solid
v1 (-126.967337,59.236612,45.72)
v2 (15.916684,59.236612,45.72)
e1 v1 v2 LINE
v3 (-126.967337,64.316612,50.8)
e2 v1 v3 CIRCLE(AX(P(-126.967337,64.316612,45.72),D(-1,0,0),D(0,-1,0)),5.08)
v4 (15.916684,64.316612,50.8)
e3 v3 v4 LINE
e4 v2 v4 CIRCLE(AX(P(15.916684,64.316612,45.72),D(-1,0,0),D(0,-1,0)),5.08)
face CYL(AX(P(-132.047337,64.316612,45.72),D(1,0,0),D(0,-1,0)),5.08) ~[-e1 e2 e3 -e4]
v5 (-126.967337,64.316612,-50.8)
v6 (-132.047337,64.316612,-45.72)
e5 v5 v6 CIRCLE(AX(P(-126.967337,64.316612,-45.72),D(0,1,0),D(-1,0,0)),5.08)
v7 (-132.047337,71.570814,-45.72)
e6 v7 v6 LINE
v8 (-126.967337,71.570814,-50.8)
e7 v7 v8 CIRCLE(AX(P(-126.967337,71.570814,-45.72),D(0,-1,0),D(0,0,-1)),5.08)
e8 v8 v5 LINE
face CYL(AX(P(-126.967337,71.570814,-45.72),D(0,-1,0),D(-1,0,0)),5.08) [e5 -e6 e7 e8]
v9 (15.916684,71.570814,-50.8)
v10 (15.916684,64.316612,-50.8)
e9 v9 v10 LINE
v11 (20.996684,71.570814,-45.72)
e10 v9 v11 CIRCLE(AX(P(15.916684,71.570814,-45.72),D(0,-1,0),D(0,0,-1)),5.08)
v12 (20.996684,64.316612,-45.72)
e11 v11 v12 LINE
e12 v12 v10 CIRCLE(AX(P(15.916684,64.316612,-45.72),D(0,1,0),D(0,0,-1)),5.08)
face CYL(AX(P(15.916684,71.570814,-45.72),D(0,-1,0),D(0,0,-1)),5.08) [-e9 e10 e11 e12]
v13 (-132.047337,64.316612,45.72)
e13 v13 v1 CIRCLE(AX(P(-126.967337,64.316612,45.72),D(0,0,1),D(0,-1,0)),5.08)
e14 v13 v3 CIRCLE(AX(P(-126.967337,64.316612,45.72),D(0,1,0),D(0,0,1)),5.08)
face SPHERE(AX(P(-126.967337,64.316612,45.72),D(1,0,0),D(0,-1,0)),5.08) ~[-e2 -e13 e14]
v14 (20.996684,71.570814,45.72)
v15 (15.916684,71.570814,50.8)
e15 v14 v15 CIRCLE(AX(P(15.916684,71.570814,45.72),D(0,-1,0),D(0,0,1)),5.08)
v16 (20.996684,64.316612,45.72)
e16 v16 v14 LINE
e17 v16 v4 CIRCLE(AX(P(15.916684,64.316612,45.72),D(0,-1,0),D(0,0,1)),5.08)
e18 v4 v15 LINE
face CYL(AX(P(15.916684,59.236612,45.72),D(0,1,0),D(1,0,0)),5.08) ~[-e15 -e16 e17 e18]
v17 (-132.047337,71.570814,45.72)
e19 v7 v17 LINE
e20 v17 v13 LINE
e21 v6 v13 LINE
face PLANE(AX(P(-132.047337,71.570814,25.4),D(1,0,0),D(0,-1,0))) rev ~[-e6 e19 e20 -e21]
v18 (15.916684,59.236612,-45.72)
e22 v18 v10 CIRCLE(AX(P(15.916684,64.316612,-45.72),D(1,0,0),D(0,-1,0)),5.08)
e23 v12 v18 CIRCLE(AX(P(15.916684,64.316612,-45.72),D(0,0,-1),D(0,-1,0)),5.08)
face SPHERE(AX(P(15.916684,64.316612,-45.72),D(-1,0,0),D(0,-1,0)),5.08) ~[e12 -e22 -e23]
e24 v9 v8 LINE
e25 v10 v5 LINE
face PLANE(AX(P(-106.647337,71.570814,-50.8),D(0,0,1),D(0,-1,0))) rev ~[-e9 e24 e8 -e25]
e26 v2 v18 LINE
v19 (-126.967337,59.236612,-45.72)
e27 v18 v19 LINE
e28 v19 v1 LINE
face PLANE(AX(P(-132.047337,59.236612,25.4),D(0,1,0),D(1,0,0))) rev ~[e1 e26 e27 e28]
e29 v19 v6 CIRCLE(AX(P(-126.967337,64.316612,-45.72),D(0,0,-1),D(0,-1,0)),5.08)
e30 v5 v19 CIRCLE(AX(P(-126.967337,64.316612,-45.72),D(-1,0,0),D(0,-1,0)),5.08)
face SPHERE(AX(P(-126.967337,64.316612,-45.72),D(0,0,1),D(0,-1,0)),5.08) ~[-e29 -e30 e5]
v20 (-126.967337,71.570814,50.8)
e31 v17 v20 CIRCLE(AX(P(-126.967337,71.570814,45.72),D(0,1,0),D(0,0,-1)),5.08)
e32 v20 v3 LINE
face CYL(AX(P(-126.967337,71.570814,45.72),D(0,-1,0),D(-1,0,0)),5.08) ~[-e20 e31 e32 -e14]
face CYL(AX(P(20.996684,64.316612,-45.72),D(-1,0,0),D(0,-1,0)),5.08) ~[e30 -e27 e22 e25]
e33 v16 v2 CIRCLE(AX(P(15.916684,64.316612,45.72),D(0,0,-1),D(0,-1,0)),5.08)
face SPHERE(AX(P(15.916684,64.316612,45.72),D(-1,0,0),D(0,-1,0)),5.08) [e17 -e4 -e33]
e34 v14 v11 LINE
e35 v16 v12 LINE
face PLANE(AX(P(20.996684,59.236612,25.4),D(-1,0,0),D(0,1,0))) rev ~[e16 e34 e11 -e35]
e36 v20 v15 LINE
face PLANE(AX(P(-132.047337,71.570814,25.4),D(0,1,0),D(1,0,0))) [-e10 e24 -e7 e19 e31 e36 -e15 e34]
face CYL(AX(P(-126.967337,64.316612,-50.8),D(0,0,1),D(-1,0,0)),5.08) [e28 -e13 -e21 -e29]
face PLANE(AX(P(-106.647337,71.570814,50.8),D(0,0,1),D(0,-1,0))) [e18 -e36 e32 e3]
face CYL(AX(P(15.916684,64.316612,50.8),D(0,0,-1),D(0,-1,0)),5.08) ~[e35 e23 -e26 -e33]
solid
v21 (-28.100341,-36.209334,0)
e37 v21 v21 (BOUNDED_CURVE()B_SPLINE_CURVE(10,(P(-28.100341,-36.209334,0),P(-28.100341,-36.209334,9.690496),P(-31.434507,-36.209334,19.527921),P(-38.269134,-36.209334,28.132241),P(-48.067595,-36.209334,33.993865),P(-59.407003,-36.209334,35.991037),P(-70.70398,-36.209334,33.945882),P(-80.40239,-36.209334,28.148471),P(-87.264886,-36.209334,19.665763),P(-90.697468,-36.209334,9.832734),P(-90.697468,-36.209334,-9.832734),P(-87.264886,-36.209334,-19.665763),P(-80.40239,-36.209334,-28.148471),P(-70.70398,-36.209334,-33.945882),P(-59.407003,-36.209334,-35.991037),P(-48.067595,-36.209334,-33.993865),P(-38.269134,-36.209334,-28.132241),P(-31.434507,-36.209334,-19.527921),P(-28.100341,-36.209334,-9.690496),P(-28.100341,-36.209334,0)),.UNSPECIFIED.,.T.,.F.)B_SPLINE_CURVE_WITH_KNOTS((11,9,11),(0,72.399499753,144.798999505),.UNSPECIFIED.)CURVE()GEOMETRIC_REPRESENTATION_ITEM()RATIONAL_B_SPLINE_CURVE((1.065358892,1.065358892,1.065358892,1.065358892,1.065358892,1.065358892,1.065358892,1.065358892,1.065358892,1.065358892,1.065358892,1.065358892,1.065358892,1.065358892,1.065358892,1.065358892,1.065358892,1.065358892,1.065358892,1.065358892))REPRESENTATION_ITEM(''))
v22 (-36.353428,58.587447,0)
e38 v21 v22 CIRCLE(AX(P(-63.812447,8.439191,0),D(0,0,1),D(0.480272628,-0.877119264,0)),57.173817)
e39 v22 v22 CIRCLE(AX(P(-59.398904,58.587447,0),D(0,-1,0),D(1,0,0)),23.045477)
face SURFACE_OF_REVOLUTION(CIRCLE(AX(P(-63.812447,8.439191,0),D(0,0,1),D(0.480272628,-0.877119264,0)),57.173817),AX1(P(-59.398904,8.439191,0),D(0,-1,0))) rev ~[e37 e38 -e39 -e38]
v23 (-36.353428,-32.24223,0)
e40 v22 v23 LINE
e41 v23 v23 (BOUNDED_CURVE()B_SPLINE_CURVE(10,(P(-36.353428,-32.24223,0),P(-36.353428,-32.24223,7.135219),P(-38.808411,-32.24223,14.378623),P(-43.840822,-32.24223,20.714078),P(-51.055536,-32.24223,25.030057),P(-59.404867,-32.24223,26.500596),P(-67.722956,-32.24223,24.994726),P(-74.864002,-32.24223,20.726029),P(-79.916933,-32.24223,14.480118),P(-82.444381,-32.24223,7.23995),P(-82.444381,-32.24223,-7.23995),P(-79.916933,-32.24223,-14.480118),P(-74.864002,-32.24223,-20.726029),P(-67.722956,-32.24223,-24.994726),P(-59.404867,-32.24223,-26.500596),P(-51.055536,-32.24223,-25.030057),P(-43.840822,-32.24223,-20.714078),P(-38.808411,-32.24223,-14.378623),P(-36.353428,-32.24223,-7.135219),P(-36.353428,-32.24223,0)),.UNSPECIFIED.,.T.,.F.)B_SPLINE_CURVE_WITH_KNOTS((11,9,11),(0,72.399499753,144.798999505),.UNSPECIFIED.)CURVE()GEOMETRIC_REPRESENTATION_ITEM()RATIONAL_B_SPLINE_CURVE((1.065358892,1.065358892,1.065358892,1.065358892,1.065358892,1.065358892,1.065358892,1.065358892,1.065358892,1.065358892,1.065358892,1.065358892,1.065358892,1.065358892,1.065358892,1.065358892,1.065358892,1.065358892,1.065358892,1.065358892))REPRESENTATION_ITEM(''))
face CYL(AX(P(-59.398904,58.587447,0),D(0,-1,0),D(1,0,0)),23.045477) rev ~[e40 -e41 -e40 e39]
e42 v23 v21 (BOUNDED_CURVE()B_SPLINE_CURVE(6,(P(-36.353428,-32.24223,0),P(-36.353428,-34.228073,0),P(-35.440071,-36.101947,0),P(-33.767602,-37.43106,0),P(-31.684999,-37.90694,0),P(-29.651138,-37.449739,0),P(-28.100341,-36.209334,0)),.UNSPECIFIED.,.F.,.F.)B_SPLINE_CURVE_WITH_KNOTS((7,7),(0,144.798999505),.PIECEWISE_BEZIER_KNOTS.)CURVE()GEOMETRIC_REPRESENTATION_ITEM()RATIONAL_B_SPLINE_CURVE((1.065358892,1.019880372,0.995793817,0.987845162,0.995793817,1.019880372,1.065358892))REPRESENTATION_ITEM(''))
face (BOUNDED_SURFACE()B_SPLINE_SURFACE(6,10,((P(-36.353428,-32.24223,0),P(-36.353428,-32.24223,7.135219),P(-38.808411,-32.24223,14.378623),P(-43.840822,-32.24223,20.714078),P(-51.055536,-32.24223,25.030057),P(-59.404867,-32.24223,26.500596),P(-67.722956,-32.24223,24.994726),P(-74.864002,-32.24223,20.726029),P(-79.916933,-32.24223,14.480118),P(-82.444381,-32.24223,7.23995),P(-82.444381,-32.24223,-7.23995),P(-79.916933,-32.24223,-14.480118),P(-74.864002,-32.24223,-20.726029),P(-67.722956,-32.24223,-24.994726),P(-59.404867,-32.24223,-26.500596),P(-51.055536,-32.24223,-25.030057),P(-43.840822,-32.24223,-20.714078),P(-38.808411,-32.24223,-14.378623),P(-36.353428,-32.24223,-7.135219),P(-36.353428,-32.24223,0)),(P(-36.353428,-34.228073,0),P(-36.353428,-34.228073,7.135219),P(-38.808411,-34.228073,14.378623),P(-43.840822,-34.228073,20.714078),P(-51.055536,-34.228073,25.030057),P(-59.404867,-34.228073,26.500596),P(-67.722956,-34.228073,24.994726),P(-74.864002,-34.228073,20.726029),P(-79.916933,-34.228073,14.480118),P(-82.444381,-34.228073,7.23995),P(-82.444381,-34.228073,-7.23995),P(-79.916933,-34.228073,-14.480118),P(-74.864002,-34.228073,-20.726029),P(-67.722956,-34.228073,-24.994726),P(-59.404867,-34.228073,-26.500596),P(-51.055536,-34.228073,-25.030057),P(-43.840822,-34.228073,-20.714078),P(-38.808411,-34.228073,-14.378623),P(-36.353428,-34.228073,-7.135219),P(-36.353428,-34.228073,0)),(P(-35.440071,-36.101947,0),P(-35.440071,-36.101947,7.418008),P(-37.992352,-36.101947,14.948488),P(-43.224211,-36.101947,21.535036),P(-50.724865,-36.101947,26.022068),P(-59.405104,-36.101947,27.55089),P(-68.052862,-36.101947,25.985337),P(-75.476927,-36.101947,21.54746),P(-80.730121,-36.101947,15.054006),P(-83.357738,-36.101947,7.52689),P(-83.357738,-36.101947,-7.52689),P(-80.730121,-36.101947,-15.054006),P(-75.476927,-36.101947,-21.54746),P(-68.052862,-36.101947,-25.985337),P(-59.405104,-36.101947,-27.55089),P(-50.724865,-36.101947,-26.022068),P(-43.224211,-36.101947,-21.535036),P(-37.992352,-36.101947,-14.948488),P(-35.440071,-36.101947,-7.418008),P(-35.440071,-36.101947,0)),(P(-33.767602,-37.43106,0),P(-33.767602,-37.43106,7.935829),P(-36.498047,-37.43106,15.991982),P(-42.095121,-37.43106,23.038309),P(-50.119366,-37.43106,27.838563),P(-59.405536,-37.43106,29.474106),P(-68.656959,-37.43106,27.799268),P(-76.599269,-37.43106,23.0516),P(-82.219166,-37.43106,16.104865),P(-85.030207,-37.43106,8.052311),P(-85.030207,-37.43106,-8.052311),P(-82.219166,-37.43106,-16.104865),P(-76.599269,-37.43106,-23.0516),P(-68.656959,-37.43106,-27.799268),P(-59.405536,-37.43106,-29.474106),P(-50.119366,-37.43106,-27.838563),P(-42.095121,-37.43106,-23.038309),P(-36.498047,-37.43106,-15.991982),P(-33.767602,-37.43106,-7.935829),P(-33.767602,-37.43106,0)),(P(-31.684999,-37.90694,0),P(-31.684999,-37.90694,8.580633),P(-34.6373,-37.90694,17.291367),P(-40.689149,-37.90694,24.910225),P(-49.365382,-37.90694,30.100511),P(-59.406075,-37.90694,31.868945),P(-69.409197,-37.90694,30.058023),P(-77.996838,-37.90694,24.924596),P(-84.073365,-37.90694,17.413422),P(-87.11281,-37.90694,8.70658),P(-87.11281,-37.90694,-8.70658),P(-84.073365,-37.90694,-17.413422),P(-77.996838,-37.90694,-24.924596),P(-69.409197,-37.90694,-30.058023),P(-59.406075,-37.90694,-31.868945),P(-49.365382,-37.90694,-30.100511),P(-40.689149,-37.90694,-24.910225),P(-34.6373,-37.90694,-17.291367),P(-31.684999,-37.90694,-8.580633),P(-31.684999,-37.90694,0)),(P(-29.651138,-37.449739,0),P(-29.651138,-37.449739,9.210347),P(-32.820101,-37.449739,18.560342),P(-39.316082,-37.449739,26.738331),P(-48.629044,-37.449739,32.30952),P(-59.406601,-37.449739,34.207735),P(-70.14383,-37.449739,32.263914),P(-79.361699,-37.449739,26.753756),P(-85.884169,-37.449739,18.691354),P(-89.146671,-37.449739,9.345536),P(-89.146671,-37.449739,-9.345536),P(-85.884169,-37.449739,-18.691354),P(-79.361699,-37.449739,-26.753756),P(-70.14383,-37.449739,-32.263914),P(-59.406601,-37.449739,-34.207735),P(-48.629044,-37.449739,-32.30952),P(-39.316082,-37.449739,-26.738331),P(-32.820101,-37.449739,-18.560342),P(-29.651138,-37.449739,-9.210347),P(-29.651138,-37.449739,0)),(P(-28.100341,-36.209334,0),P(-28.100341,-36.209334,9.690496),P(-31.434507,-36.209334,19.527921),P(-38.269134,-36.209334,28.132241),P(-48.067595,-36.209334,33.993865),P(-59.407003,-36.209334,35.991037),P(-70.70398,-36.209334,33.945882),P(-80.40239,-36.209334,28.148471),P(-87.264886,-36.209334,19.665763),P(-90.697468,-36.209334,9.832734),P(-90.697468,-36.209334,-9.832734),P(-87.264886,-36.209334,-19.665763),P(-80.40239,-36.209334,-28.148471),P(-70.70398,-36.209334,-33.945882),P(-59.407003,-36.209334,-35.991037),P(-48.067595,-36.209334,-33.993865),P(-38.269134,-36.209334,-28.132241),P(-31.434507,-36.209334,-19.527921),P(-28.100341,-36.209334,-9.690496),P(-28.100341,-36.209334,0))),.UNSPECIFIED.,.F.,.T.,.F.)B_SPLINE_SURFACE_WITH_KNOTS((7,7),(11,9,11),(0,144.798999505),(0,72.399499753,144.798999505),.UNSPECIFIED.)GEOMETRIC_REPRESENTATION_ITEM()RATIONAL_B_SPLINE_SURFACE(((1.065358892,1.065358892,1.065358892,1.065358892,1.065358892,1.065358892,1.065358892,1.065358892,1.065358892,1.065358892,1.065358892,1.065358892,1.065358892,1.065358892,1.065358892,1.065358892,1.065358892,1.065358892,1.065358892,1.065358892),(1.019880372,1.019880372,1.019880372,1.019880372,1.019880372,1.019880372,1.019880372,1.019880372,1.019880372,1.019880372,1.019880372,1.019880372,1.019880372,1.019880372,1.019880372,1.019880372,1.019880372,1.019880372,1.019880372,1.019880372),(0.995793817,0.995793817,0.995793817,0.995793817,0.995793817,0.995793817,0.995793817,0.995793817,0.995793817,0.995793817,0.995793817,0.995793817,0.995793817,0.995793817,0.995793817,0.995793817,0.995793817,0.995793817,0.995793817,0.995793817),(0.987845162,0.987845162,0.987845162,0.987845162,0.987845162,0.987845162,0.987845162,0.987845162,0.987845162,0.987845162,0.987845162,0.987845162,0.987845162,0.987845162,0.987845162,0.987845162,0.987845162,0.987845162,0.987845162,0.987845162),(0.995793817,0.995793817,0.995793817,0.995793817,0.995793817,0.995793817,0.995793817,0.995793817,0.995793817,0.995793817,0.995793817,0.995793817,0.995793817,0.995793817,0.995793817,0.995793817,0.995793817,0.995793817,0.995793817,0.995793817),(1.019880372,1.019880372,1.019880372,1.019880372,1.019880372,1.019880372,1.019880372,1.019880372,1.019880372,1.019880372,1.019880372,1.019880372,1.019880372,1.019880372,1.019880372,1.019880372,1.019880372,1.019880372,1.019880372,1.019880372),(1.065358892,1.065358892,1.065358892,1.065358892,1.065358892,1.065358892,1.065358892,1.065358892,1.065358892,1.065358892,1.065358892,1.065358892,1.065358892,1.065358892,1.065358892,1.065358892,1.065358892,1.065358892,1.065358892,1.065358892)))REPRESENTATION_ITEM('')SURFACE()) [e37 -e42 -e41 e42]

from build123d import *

# Parameters (mm, degrees)
F3_W      = 102.244021371
F3_H      = 12.3342014849
F4_DEPTH  = 25.4
F5_W      = 102.244021371
F5_H      = 12.3342014849
F6_DEPTH  = 25.4
F7_W      = 12.3342014849
F7_H      = 50.8
F8_DEPTH  = 25.4
F9_DEPTH  = 25.4
F10_DEPTH = 25.4
F11_DEPTH = 25.4
F12_R     = 5.08
F13_R     = 5.08


with BuildPart() as f2:
    # F1 (on face) → F2 (revolve)
    with BuildSketch(Plane.XY):
        with BuildLine():
            Line((-36.3534279168, 58.5874468088), (-36.3534279168, -41.7090654373))
            ThreePointArc((-36.3534279168, -41.7090654373), (-6.6386303364, 8.4391906857), (-36.3534279168, 58.5874468088))
        make_face()
    revolve(axis=Axis((-59.3989044428, 8.4391906857, 0), (0, -1, 0)))

    # F13
    f13_edges = [f2.edges().sort_by_distance(p)[0] for p in [
        (-82.444381, -41.709065, 0),
    ]]
    fillet(f13_edges, radius=F13_R)


with BuildPart() as f4:
    # F3 (on Top) → F4 (new body)
    with BuildSketch(Plane.XY):
        with Locations((-30.125326477, 65.4037129134)):
            Rectangle(F3_W, F3_H)
    extrude(amount=F4_DEPTH)

    # F5 (on face) → F6 (join)
    with BuildSketch(Plane(origin=(0, 0, 0), x_dir=(1, 0, 0), z_dir=(0, 0, -1))):
        with Locations((-30.125326477, -65.4037129134)):
            Rectangle(F5_W, F5_H)
    extrude(amount=F6_DEPTH)

    # F7 (on face) → F8 (join)
    with BuildSketch(Plane(origin=(-81.2473371625, 0, 0), x_dir=(0, -1, 0), z_dir=(-1, 0, 0))):
        with Locations((-65.4037129134, 0)):
            Rectangle(F7_W, F7_H)
    extrude(amount=F8_DEPTH)

    # F9 (add): a face of the model
    f9_faces = [f4.faces().sort_by_distance(p)[0] for p in [
        (-106.6473371625, 65.4037129134, 0),
    ]]
    extrude(f9_faces, amount=F9_DEPTH)

    # F10 (add): a face of the model
    f10_faces = [f4.faces().sort_by_distance(p)[0] for p in [
        (-55.525326477, 65.4037129134, -25.4),
    ]]
    extrude(f10_faces, amount=F10_DEPTH)

    # F11 (add): a face of the model
    f11_faces = [f4.faces().sort_by_distance(p)[0] for p in [
        (-55.525326477, 65.4037129134, 25.4),
    ]]
    extrude(f11_faces, amount=F11_DEPTH)

    # F12
    f12_edges = [f4.edges().sort_by_distance(p)[0] for p in [
        (-55.525326, 59.236612, 50.8),
        (-132.047337, 59.236612, 0),
        (-55.525326, 59.236612, -50.8),
        (20.996684, 59.236612, 0),
        (20.996684, 65.403713, -50.8),
        (-132.047337, 65.403713, -50.8),
        (20.996684, 65.403713, 50.8),
        (-132.047337, 65.403713, 50.8),
    ]]
    fillet(f12_edges, radius=F12_R)


solid = Compound([f2.part, f4.part])
